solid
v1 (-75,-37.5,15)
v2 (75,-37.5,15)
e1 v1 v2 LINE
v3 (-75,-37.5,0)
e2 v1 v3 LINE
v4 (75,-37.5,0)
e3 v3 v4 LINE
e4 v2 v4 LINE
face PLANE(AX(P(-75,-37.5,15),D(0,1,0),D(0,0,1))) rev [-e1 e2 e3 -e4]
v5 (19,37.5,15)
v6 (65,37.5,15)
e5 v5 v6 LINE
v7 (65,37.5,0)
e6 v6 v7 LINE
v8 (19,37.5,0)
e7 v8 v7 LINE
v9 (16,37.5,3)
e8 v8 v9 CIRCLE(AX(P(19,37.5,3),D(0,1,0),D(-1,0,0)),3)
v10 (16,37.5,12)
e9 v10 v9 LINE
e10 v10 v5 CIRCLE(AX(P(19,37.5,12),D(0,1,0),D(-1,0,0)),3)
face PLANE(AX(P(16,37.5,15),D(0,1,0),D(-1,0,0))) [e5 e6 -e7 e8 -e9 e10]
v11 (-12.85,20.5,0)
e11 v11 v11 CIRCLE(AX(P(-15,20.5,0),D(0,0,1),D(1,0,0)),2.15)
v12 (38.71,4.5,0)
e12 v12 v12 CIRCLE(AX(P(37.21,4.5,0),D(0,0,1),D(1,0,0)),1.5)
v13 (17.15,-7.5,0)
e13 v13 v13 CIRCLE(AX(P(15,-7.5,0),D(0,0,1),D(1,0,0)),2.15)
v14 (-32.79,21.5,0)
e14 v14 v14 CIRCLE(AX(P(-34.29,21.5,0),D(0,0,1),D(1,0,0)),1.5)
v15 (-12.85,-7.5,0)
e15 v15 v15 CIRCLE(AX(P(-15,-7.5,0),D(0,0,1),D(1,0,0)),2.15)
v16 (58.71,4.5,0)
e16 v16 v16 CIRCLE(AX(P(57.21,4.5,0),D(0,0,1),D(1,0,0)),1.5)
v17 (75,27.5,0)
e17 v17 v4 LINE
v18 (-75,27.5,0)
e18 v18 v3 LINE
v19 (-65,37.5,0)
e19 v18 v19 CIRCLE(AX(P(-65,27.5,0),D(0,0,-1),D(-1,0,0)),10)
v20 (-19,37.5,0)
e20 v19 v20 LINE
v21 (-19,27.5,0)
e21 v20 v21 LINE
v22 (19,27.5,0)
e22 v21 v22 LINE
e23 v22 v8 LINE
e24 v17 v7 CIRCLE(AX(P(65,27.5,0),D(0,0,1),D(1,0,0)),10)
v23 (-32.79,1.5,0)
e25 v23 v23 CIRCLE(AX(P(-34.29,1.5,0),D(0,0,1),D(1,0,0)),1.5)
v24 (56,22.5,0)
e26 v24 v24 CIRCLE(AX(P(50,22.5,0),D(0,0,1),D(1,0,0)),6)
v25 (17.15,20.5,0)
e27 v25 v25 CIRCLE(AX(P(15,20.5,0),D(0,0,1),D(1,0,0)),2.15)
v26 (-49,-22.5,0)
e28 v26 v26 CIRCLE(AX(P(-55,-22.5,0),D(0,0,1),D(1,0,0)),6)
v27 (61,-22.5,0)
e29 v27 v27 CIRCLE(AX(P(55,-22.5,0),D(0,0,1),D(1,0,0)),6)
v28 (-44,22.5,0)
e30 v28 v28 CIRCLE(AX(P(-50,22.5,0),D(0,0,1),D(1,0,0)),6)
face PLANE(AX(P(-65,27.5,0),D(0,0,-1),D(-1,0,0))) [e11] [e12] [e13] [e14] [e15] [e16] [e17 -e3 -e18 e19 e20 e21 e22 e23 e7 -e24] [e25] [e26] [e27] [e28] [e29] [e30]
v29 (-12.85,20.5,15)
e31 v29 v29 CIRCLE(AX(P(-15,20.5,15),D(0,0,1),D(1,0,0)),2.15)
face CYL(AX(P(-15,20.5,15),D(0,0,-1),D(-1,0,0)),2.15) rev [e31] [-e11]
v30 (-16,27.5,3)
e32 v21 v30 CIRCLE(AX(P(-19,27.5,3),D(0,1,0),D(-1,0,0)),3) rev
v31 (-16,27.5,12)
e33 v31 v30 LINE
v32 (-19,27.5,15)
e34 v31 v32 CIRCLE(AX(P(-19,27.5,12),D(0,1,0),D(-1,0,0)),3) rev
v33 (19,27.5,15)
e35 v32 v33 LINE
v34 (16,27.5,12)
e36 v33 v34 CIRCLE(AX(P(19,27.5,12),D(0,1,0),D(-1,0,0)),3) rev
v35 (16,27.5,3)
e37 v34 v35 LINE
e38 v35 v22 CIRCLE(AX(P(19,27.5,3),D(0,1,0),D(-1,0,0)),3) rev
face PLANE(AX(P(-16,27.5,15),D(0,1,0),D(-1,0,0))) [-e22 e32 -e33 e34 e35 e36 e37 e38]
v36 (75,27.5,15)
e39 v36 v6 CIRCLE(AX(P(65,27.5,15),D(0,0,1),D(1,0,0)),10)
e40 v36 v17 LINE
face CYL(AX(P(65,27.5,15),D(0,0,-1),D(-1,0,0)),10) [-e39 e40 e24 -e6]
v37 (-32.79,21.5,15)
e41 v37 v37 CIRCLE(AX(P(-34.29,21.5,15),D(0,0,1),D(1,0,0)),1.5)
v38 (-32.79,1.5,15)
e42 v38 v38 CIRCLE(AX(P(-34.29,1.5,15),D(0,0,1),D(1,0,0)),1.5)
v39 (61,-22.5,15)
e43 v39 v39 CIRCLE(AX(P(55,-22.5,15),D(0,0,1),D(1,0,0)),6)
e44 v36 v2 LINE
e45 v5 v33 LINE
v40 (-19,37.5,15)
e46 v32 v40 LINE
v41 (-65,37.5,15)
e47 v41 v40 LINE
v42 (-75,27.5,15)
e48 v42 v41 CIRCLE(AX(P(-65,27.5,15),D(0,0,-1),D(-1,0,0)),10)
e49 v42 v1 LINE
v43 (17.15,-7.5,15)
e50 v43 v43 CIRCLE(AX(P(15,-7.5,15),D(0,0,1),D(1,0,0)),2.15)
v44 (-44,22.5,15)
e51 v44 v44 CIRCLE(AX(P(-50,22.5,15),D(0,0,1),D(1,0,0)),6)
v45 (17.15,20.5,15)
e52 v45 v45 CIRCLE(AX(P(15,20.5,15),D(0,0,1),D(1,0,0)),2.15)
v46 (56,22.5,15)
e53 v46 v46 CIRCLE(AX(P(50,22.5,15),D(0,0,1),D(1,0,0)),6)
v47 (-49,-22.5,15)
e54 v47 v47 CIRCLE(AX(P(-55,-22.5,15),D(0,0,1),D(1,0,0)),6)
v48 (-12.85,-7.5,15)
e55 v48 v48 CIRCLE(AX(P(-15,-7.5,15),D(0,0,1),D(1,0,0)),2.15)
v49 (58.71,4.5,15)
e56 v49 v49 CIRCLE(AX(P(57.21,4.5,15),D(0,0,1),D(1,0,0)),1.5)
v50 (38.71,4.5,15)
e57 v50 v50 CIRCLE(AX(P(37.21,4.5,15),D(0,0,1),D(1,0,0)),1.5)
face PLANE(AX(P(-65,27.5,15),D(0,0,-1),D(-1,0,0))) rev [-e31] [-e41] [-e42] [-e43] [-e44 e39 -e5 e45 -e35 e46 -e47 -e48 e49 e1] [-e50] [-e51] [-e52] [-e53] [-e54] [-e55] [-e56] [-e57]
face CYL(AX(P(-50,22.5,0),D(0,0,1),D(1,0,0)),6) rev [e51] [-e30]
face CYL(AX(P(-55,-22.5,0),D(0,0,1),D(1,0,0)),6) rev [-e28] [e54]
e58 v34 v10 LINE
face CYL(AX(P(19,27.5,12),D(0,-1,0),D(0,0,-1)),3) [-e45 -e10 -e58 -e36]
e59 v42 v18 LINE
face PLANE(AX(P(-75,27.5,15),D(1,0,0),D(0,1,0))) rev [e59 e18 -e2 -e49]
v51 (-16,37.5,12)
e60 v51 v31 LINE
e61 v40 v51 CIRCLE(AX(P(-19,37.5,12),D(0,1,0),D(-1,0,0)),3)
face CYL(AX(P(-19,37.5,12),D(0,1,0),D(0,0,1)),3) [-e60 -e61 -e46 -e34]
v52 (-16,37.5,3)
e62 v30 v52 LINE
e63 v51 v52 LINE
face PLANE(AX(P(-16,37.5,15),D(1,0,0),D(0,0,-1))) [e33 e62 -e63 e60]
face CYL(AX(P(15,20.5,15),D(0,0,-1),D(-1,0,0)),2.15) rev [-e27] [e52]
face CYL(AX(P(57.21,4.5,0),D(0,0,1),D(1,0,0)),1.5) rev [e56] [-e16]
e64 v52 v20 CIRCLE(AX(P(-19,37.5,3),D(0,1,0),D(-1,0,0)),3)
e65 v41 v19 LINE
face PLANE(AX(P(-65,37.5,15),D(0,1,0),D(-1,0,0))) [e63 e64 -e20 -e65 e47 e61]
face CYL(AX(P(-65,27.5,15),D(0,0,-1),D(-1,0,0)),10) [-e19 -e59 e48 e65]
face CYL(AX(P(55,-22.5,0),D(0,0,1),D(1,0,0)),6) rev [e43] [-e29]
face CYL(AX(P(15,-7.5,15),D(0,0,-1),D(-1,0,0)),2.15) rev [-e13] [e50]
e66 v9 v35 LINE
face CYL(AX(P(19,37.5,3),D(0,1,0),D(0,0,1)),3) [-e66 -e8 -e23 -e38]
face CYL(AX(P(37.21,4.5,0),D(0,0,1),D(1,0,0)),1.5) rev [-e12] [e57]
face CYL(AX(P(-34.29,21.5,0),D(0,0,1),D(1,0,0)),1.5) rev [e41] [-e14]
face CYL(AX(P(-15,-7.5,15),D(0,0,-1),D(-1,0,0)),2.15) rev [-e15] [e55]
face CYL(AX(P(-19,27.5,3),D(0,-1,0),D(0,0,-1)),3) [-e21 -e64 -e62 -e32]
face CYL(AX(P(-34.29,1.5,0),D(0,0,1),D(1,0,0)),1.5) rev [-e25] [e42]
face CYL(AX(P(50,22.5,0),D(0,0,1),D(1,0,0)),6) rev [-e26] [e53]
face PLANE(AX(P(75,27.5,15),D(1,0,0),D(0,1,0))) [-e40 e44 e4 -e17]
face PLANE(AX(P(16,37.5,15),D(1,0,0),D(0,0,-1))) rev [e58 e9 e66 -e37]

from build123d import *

# Parameters (mm, degrees)
SKETCH_1_R          = 2.15
EXTRUDE_1_DEPTH     = 15
SKETCH_2_R          = 6
CUT_EXTRUDE_1_DEPTH = 86.183625187
FILLET_1_R          = 3
SKETCH_3_R          = 1.5
CUT_EXTRUDE_2_DEPTH = 86.183625187
SKETCH_4_R          = 1.5
CUT_EXTRUDE_3_DEPTH = 86.183625187


with BuildPart() as part:
    # 草图1 → 凸台-拉伸1 (new body)
    with BuildSketch(Plane.XY):
        with BuildLine():
            Line((16, 37.5), (65, 37.5))
            ThreePointArc((65, 37.5), (72.071067812, 34.571067812), (75, 27.5))
            Line((75, 27.5), (75, -37.5))
            Line((75, -37.5), (-75, -37.5))
            Line((-75, -37.5), (-75, 27.5))
            ThreePointArc((-75, 27.5), (-72.071067812, 34.571067812), (-65, 37.5))
            Line((-65, 37.5), (-16, 37.5))
            Line((-16, 37.5), (-16, 27.5))
            Line((-16, 27.5), (16, 27.5))
            Line((16, 27.5), (16, 37.5))
        make_face()
        with Locations((-15, 20.5)):
            Circle(SKETCH_1_R, mode=Mode.SUBTRACT)
        with Locations((15, 20.5)):
            Circle(SKETCH_1_R, mode=Mode.SUBTRACT)
        with Locations((-15, -7.5)):
            Circle(SKETCH_1_R, mode=Mode.SUBTRACT)
        with Locations((15, -7.5)):
            Circle(SKETCH_1_R, mode=Mode.SUBTRACT)
    extrude(amount=EXTRUDE_1_DEPTH)

    # 草图2 → 切除-拉伸1 (cut, through all)
    with BuildSketch(Plane.XY.offset(15)):
        with Locations((-50, 22.5)):
            Circle(SKETCH_2_R)
        with Locations((50, 22.5)):
            Circle(SKETCH_2_R)
        with Locations((-55, -22.5)):
            Circle(SKETCH_2_R)
        with Locations((55, -22.5)):
            Circle(SKETCH_2_R)
    extrude(amount=-CUT_EXTRUDE_1_DEPTH, mode=Mode.SUBTRACT)

    # 圆角1
    fillet_1_edges = [part.edges().sort_by_distance(p)[0] for p in [
        (-16, 32.5, 15),
        (16, 32.5, 0),
        (-16, 32.5, 0),
        (16, 32.5, 15),
    ]]
    fillet(fillet_1_edges, radius=FILLET_1_R)

    # 草图3 → 切除-拉伸2 (cut, through all)
    with BuildSketch(Plane.XY.offset(15)):
        with Locations((-34.29, 1.5)):
            Circle(SKETCH_3_R)
        with Locations((-34.29, 21.5)):
            Circle(SKETCH_3_R)
    extrude(amount=-CUT_EXTRUDE_2_DEPTH, mode=Mode.SUBTRACT)

    # 草图4 → 切除-拉伸3 (cut, through all)
    with BuildSketch(Plane.XY.offset(15)):
        with Locations((57.21, 4.5)):
            Circle(SKETCH_4_R)
        with Locations((37.21, 4.5)):
            Circle(SKETCH_4_R)
    extrude(amount=-CUT_EXTRUDE_3_DEPTH, mode=Mode.SUBTRACT)


solid = part.part
